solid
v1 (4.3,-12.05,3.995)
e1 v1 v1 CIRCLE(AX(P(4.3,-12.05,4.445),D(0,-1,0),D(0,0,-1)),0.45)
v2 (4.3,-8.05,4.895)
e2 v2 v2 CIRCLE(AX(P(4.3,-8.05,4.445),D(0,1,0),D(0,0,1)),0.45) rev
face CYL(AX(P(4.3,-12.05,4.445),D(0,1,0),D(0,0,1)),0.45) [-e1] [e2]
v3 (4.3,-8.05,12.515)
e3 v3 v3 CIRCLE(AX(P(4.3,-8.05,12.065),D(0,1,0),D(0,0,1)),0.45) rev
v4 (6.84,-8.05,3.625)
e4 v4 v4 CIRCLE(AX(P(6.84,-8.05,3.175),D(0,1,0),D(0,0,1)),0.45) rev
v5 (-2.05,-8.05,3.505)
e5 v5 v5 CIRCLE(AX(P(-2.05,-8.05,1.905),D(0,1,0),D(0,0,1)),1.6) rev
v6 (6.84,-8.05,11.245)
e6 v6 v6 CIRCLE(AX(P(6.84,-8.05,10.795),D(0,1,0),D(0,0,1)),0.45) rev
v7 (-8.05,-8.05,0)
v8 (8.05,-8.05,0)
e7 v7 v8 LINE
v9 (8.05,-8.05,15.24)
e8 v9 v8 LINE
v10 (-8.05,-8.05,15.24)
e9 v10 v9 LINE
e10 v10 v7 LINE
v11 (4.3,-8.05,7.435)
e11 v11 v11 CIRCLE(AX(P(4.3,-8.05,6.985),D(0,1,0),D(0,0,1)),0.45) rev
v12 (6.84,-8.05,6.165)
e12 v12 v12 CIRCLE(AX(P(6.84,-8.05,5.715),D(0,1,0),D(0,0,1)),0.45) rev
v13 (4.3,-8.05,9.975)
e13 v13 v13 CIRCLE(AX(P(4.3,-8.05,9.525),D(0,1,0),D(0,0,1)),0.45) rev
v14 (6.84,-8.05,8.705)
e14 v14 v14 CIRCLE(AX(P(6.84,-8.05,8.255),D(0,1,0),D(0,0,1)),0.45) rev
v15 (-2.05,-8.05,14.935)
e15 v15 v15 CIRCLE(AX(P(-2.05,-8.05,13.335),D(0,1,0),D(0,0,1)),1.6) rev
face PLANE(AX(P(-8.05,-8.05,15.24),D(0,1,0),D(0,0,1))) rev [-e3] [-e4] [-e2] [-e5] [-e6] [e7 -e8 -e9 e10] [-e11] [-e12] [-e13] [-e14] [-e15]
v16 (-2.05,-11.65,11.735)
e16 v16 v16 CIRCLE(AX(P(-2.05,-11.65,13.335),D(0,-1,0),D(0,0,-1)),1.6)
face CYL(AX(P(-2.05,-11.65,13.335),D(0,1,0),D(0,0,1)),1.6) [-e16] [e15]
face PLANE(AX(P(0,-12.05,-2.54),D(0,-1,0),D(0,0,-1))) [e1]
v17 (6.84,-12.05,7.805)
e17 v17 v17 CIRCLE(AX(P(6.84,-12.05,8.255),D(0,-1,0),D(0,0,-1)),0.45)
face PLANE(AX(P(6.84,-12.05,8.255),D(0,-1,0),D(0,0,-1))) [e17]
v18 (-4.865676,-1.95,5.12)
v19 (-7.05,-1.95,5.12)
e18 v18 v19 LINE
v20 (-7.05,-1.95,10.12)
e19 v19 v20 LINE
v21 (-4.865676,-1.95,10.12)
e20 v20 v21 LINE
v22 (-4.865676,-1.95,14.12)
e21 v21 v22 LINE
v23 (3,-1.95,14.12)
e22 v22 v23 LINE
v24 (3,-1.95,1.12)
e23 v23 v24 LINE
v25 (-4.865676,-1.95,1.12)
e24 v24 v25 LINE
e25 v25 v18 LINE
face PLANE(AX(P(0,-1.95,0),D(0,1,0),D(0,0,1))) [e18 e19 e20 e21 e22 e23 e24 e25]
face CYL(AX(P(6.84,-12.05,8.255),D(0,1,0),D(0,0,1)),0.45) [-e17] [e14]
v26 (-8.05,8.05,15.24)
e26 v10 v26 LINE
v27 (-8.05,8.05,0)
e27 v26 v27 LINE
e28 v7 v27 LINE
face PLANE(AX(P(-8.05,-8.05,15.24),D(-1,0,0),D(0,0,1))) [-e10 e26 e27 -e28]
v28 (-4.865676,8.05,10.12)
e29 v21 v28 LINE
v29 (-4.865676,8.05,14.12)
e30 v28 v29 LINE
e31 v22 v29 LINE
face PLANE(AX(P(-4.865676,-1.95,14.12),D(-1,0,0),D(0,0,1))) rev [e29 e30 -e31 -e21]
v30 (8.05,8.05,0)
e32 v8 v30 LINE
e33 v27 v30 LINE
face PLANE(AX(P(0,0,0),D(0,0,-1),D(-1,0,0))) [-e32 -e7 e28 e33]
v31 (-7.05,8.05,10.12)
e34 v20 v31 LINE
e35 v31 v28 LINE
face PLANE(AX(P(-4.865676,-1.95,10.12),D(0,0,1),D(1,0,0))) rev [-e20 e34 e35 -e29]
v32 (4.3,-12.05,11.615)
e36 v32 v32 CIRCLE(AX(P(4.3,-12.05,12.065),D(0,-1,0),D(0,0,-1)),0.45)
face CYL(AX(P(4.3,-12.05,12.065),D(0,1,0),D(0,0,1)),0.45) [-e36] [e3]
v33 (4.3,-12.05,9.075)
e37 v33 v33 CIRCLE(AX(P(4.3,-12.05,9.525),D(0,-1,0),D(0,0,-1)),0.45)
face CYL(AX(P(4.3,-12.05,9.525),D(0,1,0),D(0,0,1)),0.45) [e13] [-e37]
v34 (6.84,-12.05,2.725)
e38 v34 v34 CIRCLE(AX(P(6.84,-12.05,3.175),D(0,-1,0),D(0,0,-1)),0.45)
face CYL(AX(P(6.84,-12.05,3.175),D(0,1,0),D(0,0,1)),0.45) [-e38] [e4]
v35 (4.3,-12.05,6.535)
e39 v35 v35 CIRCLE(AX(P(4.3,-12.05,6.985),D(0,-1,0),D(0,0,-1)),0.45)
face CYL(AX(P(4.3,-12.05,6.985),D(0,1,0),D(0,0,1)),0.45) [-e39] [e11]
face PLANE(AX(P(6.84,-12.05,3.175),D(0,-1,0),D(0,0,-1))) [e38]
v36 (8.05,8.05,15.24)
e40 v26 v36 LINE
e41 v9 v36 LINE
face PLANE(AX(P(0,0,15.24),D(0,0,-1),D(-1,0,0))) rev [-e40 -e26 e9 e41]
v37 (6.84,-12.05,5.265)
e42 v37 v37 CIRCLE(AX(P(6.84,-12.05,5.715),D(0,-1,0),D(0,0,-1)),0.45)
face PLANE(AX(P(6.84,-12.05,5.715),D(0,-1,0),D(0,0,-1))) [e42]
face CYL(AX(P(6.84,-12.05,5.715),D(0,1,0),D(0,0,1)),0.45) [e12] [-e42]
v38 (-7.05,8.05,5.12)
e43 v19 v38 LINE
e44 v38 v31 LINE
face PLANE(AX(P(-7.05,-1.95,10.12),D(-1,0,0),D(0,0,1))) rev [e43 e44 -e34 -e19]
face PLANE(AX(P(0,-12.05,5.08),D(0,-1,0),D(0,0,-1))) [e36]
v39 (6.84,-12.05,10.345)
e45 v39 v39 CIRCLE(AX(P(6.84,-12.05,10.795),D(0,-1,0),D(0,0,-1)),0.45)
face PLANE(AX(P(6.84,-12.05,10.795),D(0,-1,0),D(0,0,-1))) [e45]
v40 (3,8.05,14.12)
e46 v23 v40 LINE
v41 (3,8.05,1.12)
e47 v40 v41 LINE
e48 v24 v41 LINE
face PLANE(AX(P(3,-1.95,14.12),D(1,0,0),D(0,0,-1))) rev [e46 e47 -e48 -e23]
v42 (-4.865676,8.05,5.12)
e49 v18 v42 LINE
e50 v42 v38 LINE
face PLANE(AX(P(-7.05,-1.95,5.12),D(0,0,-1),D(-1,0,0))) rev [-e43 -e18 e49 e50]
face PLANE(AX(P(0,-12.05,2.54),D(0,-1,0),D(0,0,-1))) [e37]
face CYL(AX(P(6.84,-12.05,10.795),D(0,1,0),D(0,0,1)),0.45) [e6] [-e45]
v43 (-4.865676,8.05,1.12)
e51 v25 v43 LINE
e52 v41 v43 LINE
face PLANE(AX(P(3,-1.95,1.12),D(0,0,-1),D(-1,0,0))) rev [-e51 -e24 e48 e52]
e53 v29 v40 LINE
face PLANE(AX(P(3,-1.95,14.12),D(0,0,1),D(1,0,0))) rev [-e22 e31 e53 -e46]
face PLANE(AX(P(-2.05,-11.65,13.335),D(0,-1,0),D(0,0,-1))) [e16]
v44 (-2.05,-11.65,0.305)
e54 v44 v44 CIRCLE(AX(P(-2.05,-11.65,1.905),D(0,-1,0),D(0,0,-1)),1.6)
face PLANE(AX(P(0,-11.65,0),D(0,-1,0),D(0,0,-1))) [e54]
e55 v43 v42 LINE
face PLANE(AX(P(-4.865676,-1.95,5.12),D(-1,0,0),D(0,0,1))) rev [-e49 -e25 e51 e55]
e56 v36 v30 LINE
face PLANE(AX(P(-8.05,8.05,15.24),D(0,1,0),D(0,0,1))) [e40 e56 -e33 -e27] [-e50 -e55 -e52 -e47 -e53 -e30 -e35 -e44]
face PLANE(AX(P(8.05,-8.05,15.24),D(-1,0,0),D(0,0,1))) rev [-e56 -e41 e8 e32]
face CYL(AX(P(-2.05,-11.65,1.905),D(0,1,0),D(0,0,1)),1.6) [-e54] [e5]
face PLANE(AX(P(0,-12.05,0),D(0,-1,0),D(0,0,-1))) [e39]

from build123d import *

# Parameters (mm, degrees)
SKETCH1_W            = 16.1
SKETCH1_H            = 16.1
BOSS_EXTRUDE1_DEPTH  = 15.24
SKETCH2_R            = 1.6
BOSS_EXTRUDE2_DEPTH  = 3.6
SKETCH2_4_R          = 0.45
BOSS_EXTRUDE3_DEPTH  = 4
SKETCH2_5_R          = 0.45
BOSS_EXTRUDE4_DEPTH  = 4
LPATTERN1_COUNT      = 3
LPATTERN1_PITCH      = 2.54
LPATTERN1_COUNT_DIR2 = 2
LPATTERN1_PITCH_DIR2 = 2.54
LPATTERN2_COUNT      = 2
LPATTERN2_PITCH      = 2.54
LPATTERN2_COUNT_DIR2 = 3
LPATTERN2_PITCH_DIR2 = 2.54
CUT_EXTRUDE1_DEPTH   = 10


with BuildPart() as part:
    # Sketch1 → Boss-Extrude1 (new body)
    with BuildSketch(Plane.XY):
        Rectangle(SKETCH1_W, SKETCH1_H)
    extrude(amount=BOSS_EXTRUDE1_DEPTH)

    # Sketch2 → Boss-Extrude2 (add)
    with BuildSketch(Plane.XZ.offset(8.05)):
        with Locations((-2.05, 13.335)):
            Circle(SKETCH2_R)
        with Locations((-2.05, 1.905)):
            Circle(SKETCH2_R)
    extrude(amount=BOSS_EXTRUDE2_DEPTH)

    # Sketch2<4> → Boss-Extrude3 (add)
    with BuildSketch(Plane.XZ.offset(8.05)):
        with Locations((4.3, 6.985)):
            Circle(SKETCH2_4_R)
    boss_extrude3 = extrude(amount=BOSS_EXTRUDE3_DEPTH)

    # Sketch2<5> → Boss-Extrude4 (add)
    with BuildSketch(Plane.XZ.offset(8.05)):
        with Locations((6.84, 8.255)):
            Circle(SKETCH2_5_R)
    boss_extrude4 = extrude(amount=BOSS_EXTRUDE4_DEPTH)

    # LPattern1: Boss-Extrude4 3 × 2
    with Locations(*[Vector(0, 0, -1) * (i * LPATTERN1_PITCH) + Vector(0, 0, 1) * (j * LPATTERN1_PITCH_DIR2) for i in range(LPATTERN1_COUNT) for j in range(LPATTERN1_COUNT_DIR2) if (i, j) != (0, 0)]):
        add(boss_extrude4)

    # LPattern2: Boss-Extrude3 2 × 3
    with Locations(*[Vector(0, 0, -1) * (i * LPATTERN2_PITCH) + Vector(0, 0, 1) * (j * LPATTERN2_PITCH_DIR2) for i in range(LPATTERN2_COUNT) for j in range(LPATTERN2_COUNT_DIR2) if (i, j) != (0, 0)]):
        add(boss_extrude3)

    # Sketch3 → Cut-Extrude1 (cut)
    with BuildSketch(Plane(origin=(0, 8.05, 0), x_dir=(1, 0, 0), z_dir=(0, 1, 0))):
        Polygon((3, -14.12), (-4.865675626, -14.12), (-4.865675626, -10.12), (-7.05, -10.12), (-7.05, -5.12), (-4.865675626, -5.12), (-4.865675626, -1.12), (3, -1.12), align=None)
    extrude(amount=-CUT_EXTRUDE1_DEPTH, mode=Mode.SUBTRACT)


solid = part.part
